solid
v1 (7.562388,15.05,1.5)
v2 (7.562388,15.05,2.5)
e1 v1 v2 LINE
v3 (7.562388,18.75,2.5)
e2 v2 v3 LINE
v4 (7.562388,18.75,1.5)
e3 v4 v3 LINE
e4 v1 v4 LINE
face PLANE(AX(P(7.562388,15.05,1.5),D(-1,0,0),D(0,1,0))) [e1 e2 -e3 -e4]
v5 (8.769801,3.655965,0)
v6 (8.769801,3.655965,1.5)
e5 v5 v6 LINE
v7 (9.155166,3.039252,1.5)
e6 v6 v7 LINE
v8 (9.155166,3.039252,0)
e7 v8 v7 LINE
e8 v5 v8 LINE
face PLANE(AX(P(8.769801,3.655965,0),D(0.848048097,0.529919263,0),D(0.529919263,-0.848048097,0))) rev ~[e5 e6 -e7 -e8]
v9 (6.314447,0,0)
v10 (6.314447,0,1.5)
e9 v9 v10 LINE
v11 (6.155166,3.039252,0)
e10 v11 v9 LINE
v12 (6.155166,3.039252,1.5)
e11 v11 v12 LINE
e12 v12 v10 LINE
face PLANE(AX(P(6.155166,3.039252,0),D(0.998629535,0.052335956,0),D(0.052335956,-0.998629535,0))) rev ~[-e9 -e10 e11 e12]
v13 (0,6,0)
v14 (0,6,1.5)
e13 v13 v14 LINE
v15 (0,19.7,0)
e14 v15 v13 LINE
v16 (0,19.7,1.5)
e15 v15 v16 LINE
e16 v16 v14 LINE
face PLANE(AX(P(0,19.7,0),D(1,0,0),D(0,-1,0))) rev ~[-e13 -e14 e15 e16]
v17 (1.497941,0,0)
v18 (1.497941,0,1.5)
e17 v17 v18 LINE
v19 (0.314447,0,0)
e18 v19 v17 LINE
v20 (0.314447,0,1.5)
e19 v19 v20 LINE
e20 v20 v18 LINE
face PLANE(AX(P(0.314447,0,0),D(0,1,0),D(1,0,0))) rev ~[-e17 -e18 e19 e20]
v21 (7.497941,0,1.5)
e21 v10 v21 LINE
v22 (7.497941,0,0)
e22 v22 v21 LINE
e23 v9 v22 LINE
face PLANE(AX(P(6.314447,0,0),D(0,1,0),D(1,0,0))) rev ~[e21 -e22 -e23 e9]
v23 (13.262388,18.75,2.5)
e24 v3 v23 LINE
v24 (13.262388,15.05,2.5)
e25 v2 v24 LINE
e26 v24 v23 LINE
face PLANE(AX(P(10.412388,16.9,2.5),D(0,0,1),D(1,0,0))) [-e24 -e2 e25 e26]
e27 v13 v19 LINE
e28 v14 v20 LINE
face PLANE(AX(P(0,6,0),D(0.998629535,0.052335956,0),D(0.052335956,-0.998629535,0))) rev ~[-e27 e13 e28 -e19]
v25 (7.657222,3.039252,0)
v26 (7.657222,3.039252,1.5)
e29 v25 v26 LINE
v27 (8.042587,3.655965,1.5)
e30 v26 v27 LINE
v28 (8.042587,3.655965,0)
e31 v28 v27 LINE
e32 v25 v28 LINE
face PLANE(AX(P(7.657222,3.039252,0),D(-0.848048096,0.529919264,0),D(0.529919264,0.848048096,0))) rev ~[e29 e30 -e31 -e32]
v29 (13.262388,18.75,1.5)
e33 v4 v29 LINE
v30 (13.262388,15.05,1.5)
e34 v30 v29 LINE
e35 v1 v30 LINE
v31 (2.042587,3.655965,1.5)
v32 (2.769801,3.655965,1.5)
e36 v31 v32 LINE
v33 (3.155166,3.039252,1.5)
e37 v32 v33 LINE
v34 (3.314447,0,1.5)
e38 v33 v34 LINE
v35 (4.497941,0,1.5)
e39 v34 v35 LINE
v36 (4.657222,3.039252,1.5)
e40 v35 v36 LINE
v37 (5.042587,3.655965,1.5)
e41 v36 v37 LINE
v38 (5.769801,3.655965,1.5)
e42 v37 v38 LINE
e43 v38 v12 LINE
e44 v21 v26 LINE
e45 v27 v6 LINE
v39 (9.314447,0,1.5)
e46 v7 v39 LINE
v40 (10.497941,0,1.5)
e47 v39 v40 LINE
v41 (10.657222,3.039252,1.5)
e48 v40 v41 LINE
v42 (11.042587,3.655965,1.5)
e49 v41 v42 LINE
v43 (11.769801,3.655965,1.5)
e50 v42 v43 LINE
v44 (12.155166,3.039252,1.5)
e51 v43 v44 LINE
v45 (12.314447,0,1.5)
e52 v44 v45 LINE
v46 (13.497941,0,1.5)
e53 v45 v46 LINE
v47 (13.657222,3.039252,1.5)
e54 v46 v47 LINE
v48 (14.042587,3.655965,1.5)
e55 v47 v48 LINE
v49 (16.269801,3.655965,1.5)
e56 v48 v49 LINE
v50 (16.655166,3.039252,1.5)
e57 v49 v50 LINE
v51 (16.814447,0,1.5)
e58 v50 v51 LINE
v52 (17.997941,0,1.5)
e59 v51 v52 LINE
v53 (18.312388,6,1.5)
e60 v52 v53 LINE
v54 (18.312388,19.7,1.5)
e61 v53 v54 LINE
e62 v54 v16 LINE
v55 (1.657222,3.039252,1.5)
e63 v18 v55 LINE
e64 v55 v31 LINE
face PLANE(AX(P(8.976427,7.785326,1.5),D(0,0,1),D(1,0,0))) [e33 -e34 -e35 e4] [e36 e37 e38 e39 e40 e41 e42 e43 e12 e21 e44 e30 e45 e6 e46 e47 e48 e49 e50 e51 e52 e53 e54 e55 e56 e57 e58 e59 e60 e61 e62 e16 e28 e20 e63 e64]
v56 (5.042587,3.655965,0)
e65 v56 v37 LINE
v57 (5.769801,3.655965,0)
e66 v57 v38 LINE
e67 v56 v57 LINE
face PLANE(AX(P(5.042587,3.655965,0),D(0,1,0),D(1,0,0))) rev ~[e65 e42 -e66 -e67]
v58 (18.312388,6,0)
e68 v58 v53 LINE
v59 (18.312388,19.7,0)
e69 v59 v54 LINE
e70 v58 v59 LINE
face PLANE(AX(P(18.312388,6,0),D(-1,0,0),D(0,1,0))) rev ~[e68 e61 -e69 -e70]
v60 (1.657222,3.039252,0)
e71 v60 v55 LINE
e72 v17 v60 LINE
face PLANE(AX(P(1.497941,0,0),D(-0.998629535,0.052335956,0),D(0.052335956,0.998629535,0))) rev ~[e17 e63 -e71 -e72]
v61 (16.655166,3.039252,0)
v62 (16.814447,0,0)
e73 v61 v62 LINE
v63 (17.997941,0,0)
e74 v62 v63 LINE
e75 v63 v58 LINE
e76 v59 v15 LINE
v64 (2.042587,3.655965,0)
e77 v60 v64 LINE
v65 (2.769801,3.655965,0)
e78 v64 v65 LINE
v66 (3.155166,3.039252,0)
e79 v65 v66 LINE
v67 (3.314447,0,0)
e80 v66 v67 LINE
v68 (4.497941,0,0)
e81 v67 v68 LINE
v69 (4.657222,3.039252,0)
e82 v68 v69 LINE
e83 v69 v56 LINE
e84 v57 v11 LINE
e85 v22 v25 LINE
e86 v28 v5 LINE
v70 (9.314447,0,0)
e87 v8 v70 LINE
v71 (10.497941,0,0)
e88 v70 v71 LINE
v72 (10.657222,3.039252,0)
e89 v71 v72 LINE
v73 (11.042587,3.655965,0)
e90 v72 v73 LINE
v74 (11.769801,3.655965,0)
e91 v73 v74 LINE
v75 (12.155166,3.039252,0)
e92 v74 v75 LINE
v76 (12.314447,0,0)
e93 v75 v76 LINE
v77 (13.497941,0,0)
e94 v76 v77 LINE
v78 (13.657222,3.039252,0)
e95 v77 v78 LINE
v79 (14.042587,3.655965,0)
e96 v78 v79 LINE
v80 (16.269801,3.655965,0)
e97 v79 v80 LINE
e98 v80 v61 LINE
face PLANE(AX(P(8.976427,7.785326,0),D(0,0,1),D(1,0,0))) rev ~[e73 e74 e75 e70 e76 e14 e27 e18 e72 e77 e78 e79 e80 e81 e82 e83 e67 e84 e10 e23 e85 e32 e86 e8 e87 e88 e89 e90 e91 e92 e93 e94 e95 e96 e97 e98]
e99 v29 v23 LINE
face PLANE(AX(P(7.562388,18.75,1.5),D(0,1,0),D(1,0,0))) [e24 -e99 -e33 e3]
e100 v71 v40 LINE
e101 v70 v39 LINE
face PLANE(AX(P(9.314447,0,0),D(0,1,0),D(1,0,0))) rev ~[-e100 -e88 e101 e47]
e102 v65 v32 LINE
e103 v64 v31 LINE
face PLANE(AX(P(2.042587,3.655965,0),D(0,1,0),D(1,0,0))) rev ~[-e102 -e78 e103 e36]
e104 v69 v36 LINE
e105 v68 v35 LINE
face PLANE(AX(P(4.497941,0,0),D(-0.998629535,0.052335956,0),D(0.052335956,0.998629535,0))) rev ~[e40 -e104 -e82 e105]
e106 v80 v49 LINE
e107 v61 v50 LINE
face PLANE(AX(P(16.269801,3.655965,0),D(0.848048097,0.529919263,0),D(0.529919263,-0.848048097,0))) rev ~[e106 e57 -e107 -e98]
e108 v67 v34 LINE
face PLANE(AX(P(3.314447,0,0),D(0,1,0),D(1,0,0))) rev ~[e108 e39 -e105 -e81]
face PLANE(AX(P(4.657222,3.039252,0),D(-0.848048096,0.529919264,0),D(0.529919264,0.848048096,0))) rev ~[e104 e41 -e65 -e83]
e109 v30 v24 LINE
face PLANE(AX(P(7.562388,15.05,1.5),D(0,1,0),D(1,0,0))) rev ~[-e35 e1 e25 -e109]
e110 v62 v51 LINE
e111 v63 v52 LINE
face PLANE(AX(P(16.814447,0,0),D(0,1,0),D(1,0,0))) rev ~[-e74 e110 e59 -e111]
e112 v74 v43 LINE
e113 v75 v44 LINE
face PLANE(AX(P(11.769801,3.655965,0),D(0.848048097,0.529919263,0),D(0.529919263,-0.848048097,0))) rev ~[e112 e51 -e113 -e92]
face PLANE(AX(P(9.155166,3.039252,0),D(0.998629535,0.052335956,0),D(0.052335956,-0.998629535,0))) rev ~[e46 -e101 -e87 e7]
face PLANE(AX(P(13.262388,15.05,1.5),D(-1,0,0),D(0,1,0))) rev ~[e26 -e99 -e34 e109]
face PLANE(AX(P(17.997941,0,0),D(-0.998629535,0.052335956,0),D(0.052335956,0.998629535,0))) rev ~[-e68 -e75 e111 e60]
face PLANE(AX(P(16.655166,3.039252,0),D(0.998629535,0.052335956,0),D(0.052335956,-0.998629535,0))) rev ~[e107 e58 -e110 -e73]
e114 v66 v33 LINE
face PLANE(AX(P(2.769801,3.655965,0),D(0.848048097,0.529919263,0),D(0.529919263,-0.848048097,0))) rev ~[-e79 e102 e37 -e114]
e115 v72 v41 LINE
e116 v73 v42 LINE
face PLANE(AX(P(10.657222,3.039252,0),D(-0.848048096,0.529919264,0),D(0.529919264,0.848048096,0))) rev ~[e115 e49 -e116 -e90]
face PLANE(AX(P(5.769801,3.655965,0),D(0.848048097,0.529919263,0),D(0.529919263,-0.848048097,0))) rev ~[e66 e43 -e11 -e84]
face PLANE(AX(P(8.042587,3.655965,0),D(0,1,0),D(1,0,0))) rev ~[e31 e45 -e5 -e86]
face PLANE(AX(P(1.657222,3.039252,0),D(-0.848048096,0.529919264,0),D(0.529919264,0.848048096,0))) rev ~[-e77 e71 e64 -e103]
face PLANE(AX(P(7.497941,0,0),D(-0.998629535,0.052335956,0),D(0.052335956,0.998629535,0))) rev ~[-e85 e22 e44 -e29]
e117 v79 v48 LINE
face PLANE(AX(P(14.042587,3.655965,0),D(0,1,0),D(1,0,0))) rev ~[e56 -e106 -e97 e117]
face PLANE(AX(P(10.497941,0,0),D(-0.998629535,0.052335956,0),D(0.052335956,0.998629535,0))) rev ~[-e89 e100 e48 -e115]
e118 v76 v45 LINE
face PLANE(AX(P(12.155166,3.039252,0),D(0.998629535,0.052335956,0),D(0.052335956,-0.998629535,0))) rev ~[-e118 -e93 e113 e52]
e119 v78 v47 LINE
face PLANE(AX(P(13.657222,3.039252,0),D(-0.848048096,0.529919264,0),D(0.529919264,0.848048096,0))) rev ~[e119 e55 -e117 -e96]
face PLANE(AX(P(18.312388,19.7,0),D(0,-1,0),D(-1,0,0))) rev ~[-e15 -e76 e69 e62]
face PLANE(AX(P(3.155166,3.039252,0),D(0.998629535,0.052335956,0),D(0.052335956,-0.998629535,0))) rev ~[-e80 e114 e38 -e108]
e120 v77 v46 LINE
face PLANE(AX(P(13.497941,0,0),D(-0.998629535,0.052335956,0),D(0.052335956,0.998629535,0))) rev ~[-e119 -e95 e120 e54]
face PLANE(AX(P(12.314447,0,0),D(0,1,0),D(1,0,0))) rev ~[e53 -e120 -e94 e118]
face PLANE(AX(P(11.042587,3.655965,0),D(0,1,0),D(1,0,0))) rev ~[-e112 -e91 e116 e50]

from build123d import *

# Parameters (mm, degrees)
BOSS_EXTRUDE1_DEPTH = 1.5
RGB_LED_W           = 5.7
RGB_LED_H           = 3.7
BOSS_EXTRUDE2_DEPTH = 1


with BuildPart() as part:
    # Sketch1 → Boss-Extrude1 (new body)
    with BuildSketch(Plane.XY):
        Polygon((0, 6), (0.314446676, 0), (1.497941481, 0), (1.657221927, 3.039251967), (2.042586863, 3.65596478), (2.769801294, 3.65596478), (3.155166229, 3.039251967), (3.314446676, 0), (4.497941481, 0), (4.657221927, 3.039251967), (5.042586863, 3.65596478), (5.769801294, 3.65596478), (6.155166229, 3.039251967), (6.314446676, 0), (7.497941481, 0), (7.657221927, 3.039251967), (8.042586863, 3.65596478), (8.769801294, 3.65596478), (9.155166229, 3.039251967), (9.314446676, 0), (10.497941481, 0), (10.657221927, 3.039251967), (11.042586863, 3.65596478), (11.769801294, 3.65596478), (12.155166229, 3.039251967), (12.314446676, 0), (13.497941481, 0), (13.657221927, 3.039251967), (14.042586863, 3.65596478), (16.269801294, 3.65596478), (16.655166229, 3.039251967), (16.814446676, 0), (17.997941481, 0), (18.312388157, 6), (18.312388157, 19.7), (0, 19.7), align=None)
    extrude(amount=BOSS_EXTRUDE1_DEPTH)

    # rgb_led → Boss-Extrude2 (add)
    with BuildSketch(Plane.XY.offset(1.5)):
        with Locations((10.412388157, 16.9)):
            Rectangle(RGB_LED_W, RGB_LED_H)
    extrude(amount=BOSS_EXTRUDE2_DEPTH)


solid = part.part
